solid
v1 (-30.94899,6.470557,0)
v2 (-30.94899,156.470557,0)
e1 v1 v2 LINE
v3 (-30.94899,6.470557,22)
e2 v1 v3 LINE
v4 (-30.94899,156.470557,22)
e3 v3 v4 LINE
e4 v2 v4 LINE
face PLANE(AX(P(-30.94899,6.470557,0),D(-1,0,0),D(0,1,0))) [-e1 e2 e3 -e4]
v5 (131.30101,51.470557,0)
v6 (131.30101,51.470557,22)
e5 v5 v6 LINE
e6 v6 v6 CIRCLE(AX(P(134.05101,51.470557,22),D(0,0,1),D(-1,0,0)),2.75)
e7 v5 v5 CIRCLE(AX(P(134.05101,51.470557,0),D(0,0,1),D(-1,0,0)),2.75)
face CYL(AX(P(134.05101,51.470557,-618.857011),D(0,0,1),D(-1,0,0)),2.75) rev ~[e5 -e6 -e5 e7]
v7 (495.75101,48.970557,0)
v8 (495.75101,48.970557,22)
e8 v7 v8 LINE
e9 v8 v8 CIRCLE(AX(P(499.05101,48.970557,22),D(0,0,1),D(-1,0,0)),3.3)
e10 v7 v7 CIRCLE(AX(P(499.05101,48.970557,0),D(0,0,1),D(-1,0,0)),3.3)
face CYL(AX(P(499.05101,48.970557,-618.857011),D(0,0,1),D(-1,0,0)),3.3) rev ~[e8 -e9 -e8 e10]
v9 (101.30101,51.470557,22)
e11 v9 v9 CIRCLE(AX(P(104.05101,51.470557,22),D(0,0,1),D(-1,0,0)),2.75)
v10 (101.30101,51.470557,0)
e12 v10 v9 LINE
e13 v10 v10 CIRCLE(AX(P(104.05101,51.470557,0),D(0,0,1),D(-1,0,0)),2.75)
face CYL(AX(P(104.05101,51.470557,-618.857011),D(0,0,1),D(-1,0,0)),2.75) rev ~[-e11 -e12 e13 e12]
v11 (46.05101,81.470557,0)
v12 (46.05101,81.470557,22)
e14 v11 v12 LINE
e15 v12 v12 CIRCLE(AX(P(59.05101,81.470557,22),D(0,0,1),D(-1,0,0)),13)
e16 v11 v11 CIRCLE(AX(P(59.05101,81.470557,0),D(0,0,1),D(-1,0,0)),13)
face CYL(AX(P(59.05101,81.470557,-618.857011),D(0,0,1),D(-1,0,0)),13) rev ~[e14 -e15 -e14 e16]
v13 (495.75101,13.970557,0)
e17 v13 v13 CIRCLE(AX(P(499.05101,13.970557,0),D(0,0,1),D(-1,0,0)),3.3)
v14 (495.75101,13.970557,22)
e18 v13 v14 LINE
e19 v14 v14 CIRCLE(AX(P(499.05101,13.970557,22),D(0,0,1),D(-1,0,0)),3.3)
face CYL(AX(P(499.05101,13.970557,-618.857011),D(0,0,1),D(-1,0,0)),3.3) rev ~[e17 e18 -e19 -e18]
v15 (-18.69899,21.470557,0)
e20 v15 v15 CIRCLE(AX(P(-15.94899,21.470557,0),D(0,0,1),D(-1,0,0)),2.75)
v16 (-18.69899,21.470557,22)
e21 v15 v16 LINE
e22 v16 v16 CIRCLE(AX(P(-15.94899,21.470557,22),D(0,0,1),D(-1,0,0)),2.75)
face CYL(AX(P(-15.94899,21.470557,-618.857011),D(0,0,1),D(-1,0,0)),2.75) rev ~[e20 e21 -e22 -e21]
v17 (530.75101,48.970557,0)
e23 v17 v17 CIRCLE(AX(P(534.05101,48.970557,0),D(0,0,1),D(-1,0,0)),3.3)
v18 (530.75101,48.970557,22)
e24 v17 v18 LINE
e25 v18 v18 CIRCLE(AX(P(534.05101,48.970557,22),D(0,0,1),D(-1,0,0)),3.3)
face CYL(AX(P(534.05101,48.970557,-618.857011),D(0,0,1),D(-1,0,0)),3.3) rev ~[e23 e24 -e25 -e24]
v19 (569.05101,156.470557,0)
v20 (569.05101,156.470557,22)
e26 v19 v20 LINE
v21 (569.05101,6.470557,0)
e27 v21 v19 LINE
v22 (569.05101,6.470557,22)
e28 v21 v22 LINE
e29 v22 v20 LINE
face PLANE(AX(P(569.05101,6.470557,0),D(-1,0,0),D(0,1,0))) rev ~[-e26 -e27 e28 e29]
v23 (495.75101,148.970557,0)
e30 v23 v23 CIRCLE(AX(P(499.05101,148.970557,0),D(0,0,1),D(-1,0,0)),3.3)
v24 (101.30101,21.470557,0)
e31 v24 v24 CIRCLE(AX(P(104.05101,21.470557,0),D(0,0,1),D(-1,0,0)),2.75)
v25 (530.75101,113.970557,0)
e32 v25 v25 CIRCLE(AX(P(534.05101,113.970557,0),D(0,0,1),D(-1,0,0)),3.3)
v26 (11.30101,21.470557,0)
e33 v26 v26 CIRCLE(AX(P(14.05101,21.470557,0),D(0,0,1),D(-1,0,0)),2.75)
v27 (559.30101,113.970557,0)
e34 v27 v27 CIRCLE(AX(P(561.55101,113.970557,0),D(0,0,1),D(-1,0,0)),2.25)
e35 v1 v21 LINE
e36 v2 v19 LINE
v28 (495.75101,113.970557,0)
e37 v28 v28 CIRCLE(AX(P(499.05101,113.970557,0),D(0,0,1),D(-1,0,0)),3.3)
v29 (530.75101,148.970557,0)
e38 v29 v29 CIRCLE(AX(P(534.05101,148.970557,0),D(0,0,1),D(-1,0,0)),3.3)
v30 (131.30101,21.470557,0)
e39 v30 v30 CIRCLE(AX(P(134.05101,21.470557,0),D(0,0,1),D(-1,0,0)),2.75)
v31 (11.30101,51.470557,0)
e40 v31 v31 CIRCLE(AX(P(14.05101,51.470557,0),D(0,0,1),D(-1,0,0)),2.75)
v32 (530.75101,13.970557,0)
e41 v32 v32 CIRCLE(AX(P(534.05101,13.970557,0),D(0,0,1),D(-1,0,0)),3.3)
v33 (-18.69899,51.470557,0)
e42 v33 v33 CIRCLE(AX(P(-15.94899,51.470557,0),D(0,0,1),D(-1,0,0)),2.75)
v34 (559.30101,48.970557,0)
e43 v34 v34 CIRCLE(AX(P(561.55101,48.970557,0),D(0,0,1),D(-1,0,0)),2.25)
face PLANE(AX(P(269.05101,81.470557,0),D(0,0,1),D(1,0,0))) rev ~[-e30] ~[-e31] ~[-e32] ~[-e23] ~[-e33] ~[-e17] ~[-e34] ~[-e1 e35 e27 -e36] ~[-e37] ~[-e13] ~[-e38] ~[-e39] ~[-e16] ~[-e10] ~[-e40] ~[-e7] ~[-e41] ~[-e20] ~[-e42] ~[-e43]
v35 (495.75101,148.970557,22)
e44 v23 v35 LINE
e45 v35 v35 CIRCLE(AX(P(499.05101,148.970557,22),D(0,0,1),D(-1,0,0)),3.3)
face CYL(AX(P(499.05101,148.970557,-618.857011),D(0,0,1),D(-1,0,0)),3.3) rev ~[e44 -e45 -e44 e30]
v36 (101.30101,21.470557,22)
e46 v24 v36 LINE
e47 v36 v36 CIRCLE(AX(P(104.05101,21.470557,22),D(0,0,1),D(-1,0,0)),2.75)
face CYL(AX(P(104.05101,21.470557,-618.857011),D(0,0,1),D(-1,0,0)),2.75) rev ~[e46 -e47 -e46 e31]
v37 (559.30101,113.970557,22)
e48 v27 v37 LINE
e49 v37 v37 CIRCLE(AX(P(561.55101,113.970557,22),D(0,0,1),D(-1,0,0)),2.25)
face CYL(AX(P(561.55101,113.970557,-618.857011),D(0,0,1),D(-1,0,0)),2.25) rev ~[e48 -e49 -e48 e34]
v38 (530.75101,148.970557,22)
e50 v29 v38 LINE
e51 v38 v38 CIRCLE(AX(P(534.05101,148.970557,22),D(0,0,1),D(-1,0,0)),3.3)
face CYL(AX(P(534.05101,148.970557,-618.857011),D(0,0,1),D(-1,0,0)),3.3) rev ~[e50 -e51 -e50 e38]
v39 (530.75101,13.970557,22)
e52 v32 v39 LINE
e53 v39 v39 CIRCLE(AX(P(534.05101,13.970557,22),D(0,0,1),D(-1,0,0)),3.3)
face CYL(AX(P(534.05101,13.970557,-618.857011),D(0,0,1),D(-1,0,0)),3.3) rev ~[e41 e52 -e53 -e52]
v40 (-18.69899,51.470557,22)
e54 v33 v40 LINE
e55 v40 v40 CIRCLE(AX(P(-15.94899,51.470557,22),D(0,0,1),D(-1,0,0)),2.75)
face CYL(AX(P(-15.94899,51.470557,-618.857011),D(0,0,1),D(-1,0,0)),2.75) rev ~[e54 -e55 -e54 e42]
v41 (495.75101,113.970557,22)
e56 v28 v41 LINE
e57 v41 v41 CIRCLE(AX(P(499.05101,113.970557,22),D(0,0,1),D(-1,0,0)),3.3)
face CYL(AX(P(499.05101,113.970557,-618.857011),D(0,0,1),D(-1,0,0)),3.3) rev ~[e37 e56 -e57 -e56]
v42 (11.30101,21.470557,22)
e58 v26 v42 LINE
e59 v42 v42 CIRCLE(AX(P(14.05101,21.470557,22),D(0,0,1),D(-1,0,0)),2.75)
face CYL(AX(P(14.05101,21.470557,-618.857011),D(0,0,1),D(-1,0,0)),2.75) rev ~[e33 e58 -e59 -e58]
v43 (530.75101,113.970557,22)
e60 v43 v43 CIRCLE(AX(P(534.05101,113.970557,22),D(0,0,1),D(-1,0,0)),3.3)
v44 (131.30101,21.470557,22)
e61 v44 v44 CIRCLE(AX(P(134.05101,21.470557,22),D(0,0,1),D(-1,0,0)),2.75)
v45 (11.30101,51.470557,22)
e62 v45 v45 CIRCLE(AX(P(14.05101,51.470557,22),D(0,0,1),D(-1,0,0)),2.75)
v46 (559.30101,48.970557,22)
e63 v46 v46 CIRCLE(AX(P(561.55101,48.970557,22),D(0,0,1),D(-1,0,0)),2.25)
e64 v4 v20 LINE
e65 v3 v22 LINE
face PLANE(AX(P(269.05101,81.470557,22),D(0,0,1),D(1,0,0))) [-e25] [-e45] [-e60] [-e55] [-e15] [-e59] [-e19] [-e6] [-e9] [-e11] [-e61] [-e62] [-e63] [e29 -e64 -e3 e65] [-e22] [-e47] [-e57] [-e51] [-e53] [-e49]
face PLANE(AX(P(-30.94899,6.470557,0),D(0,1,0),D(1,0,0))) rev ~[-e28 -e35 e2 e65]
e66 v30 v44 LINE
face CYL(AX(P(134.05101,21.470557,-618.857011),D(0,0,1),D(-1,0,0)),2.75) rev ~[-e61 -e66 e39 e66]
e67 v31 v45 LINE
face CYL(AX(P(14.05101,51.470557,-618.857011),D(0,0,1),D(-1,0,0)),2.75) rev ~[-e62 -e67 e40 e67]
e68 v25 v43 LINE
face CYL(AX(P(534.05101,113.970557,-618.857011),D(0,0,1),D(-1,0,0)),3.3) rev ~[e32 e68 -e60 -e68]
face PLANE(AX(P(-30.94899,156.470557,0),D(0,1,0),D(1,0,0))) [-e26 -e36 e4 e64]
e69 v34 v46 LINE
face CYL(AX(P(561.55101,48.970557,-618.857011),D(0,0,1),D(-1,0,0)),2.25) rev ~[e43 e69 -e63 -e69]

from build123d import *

# Parameters (mm, degrees)
F0_W     = 600
F0_H     = 150
F1_DEPTH = 22
F2_D     = 6.6
F3_D     = 5.5
F4_D     = 26
F5_D     = 4.5


with BuildPart() as f1:
    # F0 (on Top) → F1 (new body)
    with BuildSketch(Plane.XY):
        with Locations((269.0510096401, 81.4705566212)):
            Rectangle(F0_W, F0_H)
    extrude(amount=F1_DEPTH)

    # F2 (through all)
    with Locations(Plane(origin=(0, 0, 0), x_dir=(1, 0, 0), z_dir=(0, 0, -1))):
        with Locations((499.0510096401, -113.9705566212), (534.0510096401, -113.9705566212), (499.0510096401, -148.9705566212), (534.0510096401, -148.9705566212), (534.0510096401, -13.9705566212), (499.0510096401, -48.9705566212), (499.0510096401, -13.9705566212), (534.0510096401, -48.9705566212)):
            Hole(F2_D / 2)

    # F3 (through all)
    with Locations(Plane(origin=(0, 0, 0), x_dir=(1, 0, 0), z_dir=(0, 0, -1))):
        with Locations((-15.9489903599, -21.4705566212), (14.0510096401, -21.4705566212), (104.0510096401, -51.4705566212), (104.0510096401, -21.4705566212), (14.0510096401, -51.4705566212), (134.0510096401, -51.4705566212), (134.0510096401, -21.4705566212), (-15.9489903599, -51.4705566212)):
            Hole(F3_D / 2)

    # F4 (through all)
    with Locations(Plane(origin=(0, 0, 0), x_dir=(1, 0, 0), z_dir=(0, 0, -1))):
        with Locations((59.0510096401, -81.4705566212)):
            Hole(F4_D / 2)

    # F5 (through all)
    with Locations(Plane(origin=(0, 0, 0), x_dir=(1, 0, 0), z_dir=(0, 0, -1))):
        with Locations((561.5510096401, -113.9705566212), (561.5510096401, -48.9705566212)):
            Hole(F5_D / 2)


solid = f1.part
